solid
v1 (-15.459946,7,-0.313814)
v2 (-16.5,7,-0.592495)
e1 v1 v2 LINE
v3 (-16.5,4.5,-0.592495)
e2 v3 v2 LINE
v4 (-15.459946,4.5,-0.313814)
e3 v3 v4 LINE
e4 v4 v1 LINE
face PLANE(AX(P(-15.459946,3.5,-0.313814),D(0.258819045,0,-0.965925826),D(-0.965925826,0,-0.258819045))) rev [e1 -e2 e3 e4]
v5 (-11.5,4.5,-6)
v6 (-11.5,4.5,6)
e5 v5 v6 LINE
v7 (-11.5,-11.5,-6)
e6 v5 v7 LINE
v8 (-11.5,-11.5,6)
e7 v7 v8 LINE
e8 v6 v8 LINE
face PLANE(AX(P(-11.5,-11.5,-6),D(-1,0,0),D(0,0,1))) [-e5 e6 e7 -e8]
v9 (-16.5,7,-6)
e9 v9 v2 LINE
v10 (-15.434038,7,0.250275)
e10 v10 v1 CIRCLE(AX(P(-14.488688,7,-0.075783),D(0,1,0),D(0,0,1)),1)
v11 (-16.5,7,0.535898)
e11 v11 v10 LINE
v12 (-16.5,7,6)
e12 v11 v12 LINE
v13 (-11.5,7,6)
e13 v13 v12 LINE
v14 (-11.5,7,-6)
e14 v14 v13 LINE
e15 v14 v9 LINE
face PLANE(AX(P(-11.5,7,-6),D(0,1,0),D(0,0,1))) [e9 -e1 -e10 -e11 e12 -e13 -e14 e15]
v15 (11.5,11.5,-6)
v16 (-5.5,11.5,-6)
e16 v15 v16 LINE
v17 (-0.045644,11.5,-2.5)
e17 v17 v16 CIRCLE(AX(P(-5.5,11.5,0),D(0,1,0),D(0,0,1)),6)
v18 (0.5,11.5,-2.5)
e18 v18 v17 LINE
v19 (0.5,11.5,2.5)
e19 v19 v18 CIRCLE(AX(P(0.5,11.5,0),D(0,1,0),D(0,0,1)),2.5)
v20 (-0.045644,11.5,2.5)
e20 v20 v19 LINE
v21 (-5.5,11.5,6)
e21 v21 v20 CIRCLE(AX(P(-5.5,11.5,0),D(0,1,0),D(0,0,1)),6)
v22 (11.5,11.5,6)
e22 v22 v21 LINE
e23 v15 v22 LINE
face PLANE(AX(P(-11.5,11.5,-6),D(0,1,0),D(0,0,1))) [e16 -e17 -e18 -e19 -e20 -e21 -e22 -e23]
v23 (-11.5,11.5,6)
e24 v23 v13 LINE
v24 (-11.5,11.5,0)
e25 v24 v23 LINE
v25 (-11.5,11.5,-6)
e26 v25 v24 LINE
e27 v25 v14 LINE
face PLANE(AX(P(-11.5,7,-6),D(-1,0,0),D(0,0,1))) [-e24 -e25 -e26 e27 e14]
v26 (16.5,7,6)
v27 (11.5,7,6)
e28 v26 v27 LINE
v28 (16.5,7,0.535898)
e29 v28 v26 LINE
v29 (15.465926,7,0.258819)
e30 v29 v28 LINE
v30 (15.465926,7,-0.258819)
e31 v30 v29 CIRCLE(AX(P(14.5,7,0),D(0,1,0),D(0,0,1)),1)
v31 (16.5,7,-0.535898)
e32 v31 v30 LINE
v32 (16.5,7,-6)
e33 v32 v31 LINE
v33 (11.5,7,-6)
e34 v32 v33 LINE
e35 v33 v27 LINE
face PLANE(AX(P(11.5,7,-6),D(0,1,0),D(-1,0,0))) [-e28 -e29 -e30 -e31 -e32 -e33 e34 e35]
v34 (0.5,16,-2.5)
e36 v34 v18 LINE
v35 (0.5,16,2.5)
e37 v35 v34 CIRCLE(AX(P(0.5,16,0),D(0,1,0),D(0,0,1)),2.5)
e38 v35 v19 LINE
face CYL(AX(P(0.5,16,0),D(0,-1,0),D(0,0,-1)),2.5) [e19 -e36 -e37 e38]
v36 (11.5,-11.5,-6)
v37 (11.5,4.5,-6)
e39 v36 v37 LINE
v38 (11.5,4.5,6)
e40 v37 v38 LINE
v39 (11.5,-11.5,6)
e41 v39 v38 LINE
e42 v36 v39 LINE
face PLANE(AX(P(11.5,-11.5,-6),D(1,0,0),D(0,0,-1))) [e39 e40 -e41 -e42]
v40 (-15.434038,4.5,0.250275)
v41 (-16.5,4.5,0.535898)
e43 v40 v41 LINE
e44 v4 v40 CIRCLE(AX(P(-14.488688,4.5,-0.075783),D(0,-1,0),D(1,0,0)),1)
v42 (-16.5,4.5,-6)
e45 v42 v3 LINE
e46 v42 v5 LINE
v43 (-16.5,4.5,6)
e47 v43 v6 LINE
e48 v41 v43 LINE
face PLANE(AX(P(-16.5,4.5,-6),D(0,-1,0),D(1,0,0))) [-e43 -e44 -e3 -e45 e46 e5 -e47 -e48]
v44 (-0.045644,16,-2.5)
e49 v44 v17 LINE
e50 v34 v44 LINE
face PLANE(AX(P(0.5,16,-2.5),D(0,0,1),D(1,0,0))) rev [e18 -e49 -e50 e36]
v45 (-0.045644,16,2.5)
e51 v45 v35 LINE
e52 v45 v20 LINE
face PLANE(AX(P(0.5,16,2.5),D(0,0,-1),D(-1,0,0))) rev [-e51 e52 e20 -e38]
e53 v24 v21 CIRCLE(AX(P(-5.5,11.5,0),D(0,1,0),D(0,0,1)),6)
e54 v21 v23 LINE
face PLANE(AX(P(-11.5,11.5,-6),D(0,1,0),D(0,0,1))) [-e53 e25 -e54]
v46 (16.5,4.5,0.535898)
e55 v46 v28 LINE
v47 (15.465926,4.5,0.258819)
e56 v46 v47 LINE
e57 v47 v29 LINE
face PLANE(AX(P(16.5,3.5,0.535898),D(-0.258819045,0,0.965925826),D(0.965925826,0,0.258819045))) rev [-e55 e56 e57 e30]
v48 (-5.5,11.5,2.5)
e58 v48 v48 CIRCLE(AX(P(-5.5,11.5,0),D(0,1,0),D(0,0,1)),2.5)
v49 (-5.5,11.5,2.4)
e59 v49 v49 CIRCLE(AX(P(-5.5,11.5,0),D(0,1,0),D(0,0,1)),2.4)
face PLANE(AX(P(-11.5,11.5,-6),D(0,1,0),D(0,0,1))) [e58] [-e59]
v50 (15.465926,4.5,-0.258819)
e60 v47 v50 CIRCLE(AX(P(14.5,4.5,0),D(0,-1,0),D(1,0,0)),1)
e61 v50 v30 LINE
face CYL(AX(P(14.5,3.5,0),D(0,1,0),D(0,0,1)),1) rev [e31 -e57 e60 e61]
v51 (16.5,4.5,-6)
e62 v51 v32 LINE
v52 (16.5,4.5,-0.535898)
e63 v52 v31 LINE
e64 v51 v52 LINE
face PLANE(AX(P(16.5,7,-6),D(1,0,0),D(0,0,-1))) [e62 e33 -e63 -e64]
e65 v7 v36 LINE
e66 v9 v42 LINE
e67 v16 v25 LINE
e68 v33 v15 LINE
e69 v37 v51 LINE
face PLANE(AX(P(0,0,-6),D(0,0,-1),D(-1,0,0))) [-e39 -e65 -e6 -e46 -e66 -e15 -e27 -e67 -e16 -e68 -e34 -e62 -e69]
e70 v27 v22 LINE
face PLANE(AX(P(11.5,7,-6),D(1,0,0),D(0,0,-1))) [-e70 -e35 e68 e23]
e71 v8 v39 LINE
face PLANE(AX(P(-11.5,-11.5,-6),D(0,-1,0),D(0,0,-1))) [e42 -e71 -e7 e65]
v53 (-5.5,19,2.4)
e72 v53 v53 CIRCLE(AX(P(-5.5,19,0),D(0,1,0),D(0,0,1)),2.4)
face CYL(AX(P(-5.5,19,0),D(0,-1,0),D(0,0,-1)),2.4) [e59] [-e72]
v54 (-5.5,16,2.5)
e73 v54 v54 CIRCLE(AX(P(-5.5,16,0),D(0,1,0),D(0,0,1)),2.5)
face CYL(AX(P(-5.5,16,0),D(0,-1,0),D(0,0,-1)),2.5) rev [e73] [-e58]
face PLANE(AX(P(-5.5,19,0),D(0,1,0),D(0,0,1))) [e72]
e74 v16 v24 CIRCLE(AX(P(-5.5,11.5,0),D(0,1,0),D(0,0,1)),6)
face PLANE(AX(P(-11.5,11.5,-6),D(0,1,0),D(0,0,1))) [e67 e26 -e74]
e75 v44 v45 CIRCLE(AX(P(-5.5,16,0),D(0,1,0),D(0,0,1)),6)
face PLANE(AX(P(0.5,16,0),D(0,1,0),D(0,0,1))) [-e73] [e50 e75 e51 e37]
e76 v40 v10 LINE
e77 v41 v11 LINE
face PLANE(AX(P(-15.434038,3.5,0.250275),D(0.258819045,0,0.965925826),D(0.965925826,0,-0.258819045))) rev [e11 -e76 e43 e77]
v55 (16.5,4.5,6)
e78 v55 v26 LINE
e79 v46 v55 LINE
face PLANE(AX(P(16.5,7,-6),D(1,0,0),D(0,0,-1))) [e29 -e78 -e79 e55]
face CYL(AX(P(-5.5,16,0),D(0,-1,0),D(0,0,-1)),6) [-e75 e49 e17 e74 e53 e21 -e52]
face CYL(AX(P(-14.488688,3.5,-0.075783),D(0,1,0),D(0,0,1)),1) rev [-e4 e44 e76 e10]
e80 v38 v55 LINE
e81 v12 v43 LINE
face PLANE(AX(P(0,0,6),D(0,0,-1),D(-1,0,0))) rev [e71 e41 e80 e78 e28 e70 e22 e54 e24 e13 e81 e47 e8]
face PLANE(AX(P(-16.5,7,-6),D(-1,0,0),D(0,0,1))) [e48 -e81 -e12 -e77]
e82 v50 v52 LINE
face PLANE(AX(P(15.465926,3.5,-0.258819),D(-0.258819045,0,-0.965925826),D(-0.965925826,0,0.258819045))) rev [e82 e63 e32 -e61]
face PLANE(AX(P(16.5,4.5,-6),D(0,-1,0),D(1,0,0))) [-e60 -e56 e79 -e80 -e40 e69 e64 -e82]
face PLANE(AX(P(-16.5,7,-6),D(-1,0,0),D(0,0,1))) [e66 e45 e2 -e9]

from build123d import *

# Parameters (mm, degrees)
SALIENTE_EXTRUIR1_DEPTH      = 6
SALIENTE_EXTRUIR1_DEPTH_BACK = 6
CROQUIS3_R                   = 2.5
SALIENTE_EXTRUIR2_DEPTH      = 4.5
CROQUIS4_R                   = 2.4
SALIENTE_EXTRUIR5_DEPTH      = 7.5
CORTAR_EXTRUIR1_DEPTH        = 3.5


with BuildPart() as part:
    # Croquis1 → Saliente-Extruir1 (new, two sides: drawn at the far end of the back side and taken through both)
    with BuildSketch(Plane.XY.offset(-SALIENTE_EXTRUIR1_DEPTH_BACK)):
        Polygon((-11.5, 7), (-16.5, 7), (-16.5, 4.5), (-11.5, 4.5), (-11.5, -11.5), (11.5, -11.5), (11.5, 4.5), (16.5, 4.5), (16.5, 7), (11.5, 7), (11.5, 11.5), (-11.5, 11.5), align=None)
    extrude(amount=SALIENTE_EXTRUIR1_DEPTH + SALIENTE_EXTRUIR1_DEPTH_BACK)

    # Croquis3 → Saliente-Extruir2 (add)
    with BuildSketch(Plane(origin=(0, 11.5, 0), x_dir=(1, 0, 0), z_dir=(0, 1, 0))):
        with BuildLine():
            Line((0.5, 2.5), (-0.045643943, 2.5))
            ThreePointArc((-0.045643943, 2.5), (-11.5, 0), (-0.045643943, -2.5))
            Line((-0.045643943, -2.5), (0.5, -2.5))
            ThreePointArc((0.5, -2.5), (3, 0), (0.5, 2.5))
        make_face()
        with Locations((-5.5, 0)):
            Circle(CROQUIS3_R, mode=Mode.SUBTRACT)
    extrude(amount=SALIENTE_EXTRUIR2_DEPTH)

    # Croquis4 → Saliente-Extruir5 (add)
    with BuildSketch(Plane(origin=(0, 11.5, 0), x_dir=(1, 0, 0), z_dir=(0, 1, 0))):
        with Locations((-5.5, 0)):
            Circle(CROQUIS4_R)
    extrude(amount=SALIENTE_EXTRUIR5_DEPTH)

    # Croquis6 → Cortar-Extruir1 (cut)
    with BuildSketch(Plane(origin=(0, 7, 0), x_dir=(1, 0, 0), z_dir=(0, 1, 0))):
        with BuildLine():
            Line((-16.5, 0.59249524), (-16.5, -0.535898385))
            Line((-16.5, -0.535898385), (-15.434038365, -0.250274826))
            ThreePointArc((-15.434038365, -0.250274826), (-13.489741501, 0.12166281), (-15.45994605, 0.313813624))
            Line((-15.45994605, 0.313813624), (-16.5, 0.59249524))
        make_face()
        with BuildLine():
            Line((15.465925826, 0.258819045), (16.5, 0.535898385))
            Line((16.5, 0.535898385), (16.5, -0.535898385))
            Line((16.5, -0.535898385), (15.465925826, -0.258819045))
            ThreePointArc((15.465925826, -0.258819045), (13.5, 0), (15.465925826, 0.258819045))
        make_face()
    extrude(amount=-CORTAR_EXTRUIR1_DEPTH, mode=Mode.SUBTRACT)


solid = part.part
